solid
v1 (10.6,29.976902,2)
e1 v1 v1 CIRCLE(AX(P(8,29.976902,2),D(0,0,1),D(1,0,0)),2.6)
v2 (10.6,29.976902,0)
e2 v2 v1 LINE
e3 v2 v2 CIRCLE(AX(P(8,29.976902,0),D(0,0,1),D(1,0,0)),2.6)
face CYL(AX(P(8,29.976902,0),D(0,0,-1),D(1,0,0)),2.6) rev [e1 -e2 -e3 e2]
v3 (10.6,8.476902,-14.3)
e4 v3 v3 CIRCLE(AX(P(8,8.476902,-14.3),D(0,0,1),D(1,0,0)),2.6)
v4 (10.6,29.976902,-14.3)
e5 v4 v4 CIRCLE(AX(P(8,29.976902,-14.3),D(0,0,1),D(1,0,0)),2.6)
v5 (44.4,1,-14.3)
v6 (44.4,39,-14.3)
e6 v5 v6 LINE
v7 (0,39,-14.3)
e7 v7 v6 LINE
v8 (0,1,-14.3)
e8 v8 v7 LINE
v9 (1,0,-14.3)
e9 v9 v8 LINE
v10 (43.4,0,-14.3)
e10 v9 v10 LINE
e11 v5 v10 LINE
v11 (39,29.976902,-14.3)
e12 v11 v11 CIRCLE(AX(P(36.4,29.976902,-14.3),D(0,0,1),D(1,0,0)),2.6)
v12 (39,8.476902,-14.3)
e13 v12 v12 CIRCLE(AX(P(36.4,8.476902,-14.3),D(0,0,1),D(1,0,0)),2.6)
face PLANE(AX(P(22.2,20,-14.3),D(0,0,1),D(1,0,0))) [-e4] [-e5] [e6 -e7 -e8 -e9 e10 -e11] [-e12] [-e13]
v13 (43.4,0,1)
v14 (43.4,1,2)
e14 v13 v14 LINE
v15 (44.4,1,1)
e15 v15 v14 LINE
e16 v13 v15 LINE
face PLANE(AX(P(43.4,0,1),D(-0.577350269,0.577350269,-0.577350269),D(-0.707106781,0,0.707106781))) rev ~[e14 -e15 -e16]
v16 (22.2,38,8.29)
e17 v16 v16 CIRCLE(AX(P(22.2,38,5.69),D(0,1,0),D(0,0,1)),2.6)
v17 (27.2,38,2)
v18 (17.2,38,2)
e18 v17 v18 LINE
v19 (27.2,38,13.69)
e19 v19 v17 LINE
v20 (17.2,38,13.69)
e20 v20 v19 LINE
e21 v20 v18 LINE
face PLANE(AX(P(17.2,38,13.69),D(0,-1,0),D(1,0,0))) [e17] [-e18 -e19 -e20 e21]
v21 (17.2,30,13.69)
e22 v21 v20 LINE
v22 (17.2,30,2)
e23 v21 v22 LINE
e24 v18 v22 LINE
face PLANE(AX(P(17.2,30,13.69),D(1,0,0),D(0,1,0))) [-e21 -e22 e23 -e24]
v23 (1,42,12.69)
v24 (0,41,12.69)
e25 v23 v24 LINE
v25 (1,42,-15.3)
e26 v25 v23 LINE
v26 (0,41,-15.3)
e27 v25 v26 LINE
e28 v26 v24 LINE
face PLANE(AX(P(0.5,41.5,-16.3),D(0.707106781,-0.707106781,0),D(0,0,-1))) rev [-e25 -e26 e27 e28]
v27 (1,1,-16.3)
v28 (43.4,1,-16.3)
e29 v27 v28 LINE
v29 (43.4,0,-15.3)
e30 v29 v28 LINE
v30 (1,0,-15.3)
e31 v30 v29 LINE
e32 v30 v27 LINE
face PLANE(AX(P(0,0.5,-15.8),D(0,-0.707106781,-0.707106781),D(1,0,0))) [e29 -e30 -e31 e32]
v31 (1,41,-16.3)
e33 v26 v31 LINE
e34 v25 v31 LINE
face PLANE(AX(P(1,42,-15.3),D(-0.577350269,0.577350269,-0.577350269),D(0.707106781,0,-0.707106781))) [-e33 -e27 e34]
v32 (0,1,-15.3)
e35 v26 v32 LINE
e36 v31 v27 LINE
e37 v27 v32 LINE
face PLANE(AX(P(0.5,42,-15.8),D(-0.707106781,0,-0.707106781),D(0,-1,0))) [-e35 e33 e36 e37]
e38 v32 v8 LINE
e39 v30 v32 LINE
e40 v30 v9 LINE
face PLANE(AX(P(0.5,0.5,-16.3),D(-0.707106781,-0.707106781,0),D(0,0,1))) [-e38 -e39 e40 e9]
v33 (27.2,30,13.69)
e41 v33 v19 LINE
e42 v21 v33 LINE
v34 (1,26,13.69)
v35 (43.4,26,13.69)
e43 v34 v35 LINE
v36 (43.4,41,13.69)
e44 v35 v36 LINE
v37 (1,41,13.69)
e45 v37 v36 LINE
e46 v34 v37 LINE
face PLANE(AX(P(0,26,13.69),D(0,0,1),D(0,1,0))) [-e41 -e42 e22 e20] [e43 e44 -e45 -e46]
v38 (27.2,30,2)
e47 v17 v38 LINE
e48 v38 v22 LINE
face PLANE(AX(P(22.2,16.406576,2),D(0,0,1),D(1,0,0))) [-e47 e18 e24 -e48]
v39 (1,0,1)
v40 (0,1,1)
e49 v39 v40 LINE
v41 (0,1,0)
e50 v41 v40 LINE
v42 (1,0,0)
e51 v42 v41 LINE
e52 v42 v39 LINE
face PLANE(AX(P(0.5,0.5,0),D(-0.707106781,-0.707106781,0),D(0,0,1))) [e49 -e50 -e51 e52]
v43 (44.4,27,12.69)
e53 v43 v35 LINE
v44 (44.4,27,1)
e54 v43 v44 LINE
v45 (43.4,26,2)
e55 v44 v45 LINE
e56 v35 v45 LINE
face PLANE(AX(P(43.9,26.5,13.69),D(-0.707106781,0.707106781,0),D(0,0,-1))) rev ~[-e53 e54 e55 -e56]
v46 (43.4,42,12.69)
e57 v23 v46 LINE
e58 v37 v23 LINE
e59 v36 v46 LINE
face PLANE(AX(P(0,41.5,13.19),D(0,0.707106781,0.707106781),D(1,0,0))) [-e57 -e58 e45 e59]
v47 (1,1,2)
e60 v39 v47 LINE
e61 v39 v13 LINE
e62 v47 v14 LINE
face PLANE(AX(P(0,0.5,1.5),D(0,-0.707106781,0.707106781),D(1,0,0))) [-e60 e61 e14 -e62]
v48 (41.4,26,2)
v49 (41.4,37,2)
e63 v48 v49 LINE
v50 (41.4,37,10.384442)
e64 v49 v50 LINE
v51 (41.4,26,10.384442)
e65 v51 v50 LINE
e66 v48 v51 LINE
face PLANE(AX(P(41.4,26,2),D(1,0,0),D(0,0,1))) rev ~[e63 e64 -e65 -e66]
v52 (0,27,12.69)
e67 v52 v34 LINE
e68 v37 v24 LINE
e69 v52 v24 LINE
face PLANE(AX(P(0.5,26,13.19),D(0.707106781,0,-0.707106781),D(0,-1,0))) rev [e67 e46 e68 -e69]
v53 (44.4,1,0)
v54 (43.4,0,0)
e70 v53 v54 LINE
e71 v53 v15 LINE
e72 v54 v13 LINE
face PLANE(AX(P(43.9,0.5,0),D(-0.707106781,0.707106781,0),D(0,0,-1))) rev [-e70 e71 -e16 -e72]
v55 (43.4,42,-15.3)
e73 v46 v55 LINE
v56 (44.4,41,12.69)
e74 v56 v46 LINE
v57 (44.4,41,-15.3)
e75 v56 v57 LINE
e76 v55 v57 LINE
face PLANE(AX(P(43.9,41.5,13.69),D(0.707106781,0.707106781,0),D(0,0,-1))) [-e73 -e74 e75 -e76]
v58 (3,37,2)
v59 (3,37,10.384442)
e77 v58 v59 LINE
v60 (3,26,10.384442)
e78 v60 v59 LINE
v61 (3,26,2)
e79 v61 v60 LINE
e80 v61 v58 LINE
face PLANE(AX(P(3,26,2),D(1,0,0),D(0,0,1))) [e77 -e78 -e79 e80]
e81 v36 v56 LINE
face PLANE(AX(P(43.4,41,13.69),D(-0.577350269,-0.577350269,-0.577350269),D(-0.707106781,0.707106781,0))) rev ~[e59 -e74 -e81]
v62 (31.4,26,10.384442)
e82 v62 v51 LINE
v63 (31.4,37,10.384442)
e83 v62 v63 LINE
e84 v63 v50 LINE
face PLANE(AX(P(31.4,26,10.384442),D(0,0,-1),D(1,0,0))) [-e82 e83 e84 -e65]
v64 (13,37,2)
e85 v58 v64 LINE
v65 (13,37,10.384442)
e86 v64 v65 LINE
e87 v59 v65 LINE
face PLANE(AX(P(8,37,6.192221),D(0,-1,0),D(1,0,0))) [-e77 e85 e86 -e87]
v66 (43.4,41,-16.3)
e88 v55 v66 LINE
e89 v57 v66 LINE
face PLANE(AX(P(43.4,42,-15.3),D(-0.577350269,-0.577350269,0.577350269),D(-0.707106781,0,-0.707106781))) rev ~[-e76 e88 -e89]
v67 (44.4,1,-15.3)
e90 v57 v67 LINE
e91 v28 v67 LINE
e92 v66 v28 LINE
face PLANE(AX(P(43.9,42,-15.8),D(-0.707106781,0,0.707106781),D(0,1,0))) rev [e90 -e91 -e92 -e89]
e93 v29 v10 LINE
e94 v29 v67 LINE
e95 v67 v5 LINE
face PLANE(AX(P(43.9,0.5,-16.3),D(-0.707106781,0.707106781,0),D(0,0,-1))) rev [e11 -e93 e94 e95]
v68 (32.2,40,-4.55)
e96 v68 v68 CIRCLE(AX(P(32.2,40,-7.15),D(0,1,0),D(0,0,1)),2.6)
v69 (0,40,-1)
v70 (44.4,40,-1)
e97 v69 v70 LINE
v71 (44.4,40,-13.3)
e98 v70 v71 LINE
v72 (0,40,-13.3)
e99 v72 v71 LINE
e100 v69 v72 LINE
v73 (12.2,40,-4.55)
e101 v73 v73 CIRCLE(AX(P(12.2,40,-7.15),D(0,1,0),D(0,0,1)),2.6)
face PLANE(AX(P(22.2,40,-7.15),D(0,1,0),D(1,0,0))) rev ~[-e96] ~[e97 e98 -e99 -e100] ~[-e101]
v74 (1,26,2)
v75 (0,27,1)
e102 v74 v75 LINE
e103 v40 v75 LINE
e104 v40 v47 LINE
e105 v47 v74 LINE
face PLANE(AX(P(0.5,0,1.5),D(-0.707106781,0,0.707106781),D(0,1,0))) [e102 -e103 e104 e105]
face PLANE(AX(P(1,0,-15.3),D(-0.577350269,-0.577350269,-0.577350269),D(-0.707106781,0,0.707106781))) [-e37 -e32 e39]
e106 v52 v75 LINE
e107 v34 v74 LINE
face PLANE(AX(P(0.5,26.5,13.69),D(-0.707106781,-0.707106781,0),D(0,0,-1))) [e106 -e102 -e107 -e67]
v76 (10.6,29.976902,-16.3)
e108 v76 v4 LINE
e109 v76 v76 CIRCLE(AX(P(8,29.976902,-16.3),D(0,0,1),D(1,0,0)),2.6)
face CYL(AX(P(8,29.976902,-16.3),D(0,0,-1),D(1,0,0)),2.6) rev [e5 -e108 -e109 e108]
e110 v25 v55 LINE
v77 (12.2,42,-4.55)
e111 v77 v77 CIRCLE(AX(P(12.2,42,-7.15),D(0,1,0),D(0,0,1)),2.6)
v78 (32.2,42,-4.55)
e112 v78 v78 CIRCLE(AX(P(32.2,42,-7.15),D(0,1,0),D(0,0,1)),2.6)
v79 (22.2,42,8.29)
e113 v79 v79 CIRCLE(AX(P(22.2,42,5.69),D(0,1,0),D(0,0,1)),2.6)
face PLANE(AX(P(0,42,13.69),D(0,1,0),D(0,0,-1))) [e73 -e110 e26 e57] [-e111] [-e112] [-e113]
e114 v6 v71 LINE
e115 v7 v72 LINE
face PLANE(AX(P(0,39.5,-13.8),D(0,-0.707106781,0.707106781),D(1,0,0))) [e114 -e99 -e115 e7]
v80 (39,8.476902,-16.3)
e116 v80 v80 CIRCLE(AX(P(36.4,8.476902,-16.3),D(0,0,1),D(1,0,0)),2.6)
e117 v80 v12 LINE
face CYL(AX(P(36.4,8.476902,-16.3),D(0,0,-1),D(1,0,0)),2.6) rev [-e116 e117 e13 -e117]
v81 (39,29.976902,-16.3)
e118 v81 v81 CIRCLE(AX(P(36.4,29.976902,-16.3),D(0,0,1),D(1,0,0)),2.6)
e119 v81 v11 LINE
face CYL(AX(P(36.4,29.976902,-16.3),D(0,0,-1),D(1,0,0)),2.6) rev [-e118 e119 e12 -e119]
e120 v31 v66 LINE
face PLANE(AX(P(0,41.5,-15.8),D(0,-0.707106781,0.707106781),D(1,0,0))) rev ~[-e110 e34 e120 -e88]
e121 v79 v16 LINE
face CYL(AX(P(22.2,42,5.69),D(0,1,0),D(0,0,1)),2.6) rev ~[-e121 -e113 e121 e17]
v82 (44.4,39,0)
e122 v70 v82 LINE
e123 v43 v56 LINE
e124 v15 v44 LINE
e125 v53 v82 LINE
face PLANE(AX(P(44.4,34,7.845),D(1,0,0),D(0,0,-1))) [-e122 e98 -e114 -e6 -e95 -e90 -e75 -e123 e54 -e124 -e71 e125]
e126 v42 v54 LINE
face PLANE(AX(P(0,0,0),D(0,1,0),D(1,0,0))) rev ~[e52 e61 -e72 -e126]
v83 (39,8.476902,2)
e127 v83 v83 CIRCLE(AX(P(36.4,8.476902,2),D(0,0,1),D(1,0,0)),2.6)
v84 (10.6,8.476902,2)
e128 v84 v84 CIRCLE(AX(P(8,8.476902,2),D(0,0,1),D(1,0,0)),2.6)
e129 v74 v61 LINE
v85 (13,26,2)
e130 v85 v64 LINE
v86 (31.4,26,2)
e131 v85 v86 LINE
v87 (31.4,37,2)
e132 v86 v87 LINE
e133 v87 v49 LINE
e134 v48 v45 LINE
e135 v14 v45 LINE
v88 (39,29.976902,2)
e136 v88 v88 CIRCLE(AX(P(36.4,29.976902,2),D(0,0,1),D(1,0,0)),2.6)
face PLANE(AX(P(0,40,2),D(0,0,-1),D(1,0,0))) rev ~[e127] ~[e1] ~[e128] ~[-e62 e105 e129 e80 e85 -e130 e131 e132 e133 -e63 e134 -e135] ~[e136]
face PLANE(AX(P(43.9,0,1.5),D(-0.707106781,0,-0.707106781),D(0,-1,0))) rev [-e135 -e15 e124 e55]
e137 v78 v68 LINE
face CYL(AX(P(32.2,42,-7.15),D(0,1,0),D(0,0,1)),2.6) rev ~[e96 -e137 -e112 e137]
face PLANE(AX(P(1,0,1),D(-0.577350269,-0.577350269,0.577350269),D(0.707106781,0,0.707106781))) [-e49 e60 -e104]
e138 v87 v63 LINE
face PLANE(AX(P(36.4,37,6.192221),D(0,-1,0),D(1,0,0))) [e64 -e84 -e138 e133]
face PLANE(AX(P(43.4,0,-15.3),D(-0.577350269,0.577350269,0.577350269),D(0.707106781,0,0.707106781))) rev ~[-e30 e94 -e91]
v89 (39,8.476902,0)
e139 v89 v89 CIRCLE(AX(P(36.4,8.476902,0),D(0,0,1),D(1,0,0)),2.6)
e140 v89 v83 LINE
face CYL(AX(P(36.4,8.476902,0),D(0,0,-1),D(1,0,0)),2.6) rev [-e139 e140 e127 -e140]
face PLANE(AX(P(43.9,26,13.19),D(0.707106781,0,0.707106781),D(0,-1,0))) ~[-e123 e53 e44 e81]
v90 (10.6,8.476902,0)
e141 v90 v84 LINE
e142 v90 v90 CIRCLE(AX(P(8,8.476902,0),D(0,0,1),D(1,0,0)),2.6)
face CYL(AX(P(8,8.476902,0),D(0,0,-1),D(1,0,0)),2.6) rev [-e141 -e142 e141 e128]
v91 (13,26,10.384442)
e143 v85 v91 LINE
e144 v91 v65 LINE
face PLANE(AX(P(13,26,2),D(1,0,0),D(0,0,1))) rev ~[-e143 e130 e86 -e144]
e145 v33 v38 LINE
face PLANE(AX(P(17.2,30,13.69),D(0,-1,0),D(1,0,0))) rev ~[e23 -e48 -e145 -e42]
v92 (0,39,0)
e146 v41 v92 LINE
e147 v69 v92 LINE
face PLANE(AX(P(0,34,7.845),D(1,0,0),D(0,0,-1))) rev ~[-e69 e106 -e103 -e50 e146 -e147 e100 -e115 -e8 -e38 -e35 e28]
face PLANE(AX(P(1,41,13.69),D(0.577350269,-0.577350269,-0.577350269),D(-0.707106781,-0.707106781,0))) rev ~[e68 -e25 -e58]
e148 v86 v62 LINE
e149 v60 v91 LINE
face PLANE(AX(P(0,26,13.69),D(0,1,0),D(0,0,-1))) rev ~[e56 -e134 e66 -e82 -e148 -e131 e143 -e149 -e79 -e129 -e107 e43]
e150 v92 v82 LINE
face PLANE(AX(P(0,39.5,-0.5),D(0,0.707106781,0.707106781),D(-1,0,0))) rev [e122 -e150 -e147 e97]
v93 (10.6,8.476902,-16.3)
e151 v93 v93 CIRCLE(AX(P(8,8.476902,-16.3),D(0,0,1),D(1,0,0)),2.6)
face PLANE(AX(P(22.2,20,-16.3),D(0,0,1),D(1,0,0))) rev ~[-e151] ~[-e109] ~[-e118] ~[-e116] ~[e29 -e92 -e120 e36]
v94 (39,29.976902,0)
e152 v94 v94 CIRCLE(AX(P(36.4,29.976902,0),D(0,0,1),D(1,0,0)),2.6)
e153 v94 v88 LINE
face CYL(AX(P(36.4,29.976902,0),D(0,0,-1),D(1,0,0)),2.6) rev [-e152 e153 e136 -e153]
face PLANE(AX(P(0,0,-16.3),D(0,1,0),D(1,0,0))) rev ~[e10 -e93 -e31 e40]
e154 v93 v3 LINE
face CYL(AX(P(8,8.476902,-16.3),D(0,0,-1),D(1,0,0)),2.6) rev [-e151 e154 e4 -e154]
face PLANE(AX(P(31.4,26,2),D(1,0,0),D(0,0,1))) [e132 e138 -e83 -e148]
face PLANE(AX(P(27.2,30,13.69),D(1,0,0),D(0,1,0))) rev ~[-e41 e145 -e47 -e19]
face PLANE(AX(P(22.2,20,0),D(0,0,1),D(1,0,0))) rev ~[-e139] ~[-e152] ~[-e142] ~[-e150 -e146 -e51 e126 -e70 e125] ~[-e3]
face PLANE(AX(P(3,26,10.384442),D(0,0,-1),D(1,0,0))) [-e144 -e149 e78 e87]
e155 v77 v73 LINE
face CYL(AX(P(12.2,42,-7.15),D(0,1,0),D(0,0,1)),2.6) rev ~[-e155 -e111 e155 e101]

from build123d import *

# Parameters (mm, degrees)
SKETCH1_W           = 44.4
SKETCH1_H           = 40
SKETCH1_R           = 2.6
BOSS_EXTRUDE1_DEPTH = 2
SKETCH2_W           = 44.4
SKETCH2_H           = 18.3
BOSS_EXTRUDE2_DEPTH = 2
LPATTERN1_COUNT     = 2
LPATTERN1_PITCH     = 16.3
SKETCH3_R           = 2.6
CUT_EXTRUDE1_DEPTH  = 64.253853638
BOSS_EXTRUDE3_START = -22.2
SKETCH6_W           = 11.69
SKETCH6_H           = 16
BOSS_EXTRUDE3_DEPTH = 44.4
FILLET4_SIZE        = 1
SKETCH12_W          = 10
SKETCH12_H          = 8.384441544
CUT_EXTRUDE7_DEPTH  = 11
SKETCH11_R          = 2.6
CUT_EXTRUDE8_DEPTH  = 10
CUT_EXTRUDE9_REACH  = 70.079
SKETCH13_W          = 10
SKETCH13_H          = 8


with BuildPart() as part:
    # Sketch1 → Boss-Extrude1 (new body)
    with BuildSketch(Plane.XY):
        with Locations((22.2, 20)):
            Rectangle(SKETCH1_W, SKETCH1_H)
        with Locations((8, 8.476902454)):
            Circle(SKETCH1_R, mode=Mode.SUBTRACT)
        with Locations((8, 29.976902454)):
            Circle(SKETCH1_R, mode=Mode.SUBTRACT)
        with Locations((36.4, 29.976902454)):
            Circle(SKETCH1_R, mode=Mode.SUBTRACT)
        with Locations((36.4, 8.476902454)):
            Circle(SKETCH1_R, mode=Mode.SUBTRACT)
    boss_extrude1 = extrude(amount=BOSS_EXTRUDE1_DEPTH)

    # Sketch2 → Boss-Extrude2 (add)
    with BuildSketch(Plane(origin=(0, 40, 0), x_dir=(1, 0, 0), z_dir=(0, 1, 0))):
        with Locations((22.2, 7.15)):
            Rectangle(SKETCH2_W, SKETCH2_H)
    extrude(amount=BOSS_EXTRUDE2_DEPTH)

    # LPattern1: Boss-Extrude1 ×2
    with Locations(*[(0, 0, -i * LPATTERN1_PITCH) for i in range(1, LPATTERN1_COUNT)]):
        add(boss_extrude1)

    # Sketch3 → Cut-Extrude1 (cut, through all)
    with BuildSketch(Plane(origin=(0, 42, 0), x_dir=(1, 0, 0), z_dir=(0, 1, 0))):
        with Locations(Location((12.2, 7.15, 0), (0, 0, 270))):
            Circle(SKETCH3_R)
        with Locations(Location((32.2, 7.15, 0), (0, 0, 270))):
            Circle(SKETCH3_R)
    extrude(amount=-CUT_EXTRUDE1_DEPTH, mode=Mode.SUBTRACT)

    # Sketch6 → Boss-Extrude3 (add)
    with BuildSketch(Plane(origin=(22.2, 0, 0), x_dir=(0, 0, -1), z_dir=(1, 0, 0)).offset(BOSS_EXTRUDE3_START)):
        with Locations((-7.845, 34)):
            Rectangle(SKETCH6_W, SKETCH6_H)
    extrude(amount=BOSS_EXTRUDE3_DEPTH)

    # Fillet4
    fillet4_edges = [part.edges().sort_by_distance(p)[0] for p in [
        (44.4, 13, 2),
        (0, 21, -16.3),
        (44.4, 21, -16.3),
        (0, 42, -1.305),
        (44.4, 42, -1.305),
        (22.2, 42, -16.3),
        (22.2, 40, -14.3),
        (22.2, 0, -16.3),
        (0, 0, -15.3),
        (44.4, 0, -15.3),
        (22.2, 40, 0),
        (0, 13, 2),
        (44.4, 26, 7.845),
        (44.4, 34, 13.69),
        (22.2, 42, 13.69),
        (0, 26, 7.845),
        (0, 34, 13.69),
        (44.4, 0, 1),
        (0, 0, 1),
        (22.2, 0, 2),
    ]]
    chamfer(fillet4_edges, length=FILLET4_SIZE)

    # Sketch12 → Cut-Extrude7 (cut)
    with BuildSketch(Plane.XZ.offset(-26)):
        with Locations((8, 6.192220772)):
            Rectangle(SKETCH12_W, SKETCH12_H)
        with Locations((36.4, 6.192220772)):
            Rectangle(SKETCH12_W, SKETCH12_H)
    extrude(amount=-CUT_EXTRUDE7_DEPTH, mode=Mode.SUBTRACT)

    # Sketch11 → Cut-Extrude8 (cut)
    with BuildSketch(Plane(origin=(0, 42, 0), x_dir=(1, 0, 0), z_dir=(0, 1, 0))):
        with Locations(Location((22.2, -5.69, 0), (0, 0, 270))):
            Circle(SKETCH11_R)
    extrude(amount=-CUT_EXTRUDE8_DEPTH, mode=Mode.SUBTRACT)

    # Cut-Extrude9: up to this face of the body (flat: up to its plane)
    cut_extrude9_end = Plane(part.part.faces().sort_by_distance((22.2, 16.406575792, 2))[0])
    # Sketch13 → Cut-Extrude9 (cut, up to the picked face)
    with BuildSketch(Plane.XY.offset(13.69), mode=Mode.PRIVATE) as cut_extrude9_sk1:
        with Locations((22.2, 34)):
            Rectangle(SKETCH13_W, SKETCH13_H)
    cut_extrude9_tool1 = split(extrude(cut_extrude9_sk1.sketch, amount=-CUT_EXTRUDE9_REACH, mode=Mode.PRIVATE), bisect_by=cut_extrude9_end, keep=Keep.BOTH, mode=Mode.PRIVATE)
    add(cut_extrude9_tool1.solids().sort_by(Axis((22.2, 34, 13.69), (0, 0, -1)))[0], mode=Mode.SUBTRACT)


solid = part.part
